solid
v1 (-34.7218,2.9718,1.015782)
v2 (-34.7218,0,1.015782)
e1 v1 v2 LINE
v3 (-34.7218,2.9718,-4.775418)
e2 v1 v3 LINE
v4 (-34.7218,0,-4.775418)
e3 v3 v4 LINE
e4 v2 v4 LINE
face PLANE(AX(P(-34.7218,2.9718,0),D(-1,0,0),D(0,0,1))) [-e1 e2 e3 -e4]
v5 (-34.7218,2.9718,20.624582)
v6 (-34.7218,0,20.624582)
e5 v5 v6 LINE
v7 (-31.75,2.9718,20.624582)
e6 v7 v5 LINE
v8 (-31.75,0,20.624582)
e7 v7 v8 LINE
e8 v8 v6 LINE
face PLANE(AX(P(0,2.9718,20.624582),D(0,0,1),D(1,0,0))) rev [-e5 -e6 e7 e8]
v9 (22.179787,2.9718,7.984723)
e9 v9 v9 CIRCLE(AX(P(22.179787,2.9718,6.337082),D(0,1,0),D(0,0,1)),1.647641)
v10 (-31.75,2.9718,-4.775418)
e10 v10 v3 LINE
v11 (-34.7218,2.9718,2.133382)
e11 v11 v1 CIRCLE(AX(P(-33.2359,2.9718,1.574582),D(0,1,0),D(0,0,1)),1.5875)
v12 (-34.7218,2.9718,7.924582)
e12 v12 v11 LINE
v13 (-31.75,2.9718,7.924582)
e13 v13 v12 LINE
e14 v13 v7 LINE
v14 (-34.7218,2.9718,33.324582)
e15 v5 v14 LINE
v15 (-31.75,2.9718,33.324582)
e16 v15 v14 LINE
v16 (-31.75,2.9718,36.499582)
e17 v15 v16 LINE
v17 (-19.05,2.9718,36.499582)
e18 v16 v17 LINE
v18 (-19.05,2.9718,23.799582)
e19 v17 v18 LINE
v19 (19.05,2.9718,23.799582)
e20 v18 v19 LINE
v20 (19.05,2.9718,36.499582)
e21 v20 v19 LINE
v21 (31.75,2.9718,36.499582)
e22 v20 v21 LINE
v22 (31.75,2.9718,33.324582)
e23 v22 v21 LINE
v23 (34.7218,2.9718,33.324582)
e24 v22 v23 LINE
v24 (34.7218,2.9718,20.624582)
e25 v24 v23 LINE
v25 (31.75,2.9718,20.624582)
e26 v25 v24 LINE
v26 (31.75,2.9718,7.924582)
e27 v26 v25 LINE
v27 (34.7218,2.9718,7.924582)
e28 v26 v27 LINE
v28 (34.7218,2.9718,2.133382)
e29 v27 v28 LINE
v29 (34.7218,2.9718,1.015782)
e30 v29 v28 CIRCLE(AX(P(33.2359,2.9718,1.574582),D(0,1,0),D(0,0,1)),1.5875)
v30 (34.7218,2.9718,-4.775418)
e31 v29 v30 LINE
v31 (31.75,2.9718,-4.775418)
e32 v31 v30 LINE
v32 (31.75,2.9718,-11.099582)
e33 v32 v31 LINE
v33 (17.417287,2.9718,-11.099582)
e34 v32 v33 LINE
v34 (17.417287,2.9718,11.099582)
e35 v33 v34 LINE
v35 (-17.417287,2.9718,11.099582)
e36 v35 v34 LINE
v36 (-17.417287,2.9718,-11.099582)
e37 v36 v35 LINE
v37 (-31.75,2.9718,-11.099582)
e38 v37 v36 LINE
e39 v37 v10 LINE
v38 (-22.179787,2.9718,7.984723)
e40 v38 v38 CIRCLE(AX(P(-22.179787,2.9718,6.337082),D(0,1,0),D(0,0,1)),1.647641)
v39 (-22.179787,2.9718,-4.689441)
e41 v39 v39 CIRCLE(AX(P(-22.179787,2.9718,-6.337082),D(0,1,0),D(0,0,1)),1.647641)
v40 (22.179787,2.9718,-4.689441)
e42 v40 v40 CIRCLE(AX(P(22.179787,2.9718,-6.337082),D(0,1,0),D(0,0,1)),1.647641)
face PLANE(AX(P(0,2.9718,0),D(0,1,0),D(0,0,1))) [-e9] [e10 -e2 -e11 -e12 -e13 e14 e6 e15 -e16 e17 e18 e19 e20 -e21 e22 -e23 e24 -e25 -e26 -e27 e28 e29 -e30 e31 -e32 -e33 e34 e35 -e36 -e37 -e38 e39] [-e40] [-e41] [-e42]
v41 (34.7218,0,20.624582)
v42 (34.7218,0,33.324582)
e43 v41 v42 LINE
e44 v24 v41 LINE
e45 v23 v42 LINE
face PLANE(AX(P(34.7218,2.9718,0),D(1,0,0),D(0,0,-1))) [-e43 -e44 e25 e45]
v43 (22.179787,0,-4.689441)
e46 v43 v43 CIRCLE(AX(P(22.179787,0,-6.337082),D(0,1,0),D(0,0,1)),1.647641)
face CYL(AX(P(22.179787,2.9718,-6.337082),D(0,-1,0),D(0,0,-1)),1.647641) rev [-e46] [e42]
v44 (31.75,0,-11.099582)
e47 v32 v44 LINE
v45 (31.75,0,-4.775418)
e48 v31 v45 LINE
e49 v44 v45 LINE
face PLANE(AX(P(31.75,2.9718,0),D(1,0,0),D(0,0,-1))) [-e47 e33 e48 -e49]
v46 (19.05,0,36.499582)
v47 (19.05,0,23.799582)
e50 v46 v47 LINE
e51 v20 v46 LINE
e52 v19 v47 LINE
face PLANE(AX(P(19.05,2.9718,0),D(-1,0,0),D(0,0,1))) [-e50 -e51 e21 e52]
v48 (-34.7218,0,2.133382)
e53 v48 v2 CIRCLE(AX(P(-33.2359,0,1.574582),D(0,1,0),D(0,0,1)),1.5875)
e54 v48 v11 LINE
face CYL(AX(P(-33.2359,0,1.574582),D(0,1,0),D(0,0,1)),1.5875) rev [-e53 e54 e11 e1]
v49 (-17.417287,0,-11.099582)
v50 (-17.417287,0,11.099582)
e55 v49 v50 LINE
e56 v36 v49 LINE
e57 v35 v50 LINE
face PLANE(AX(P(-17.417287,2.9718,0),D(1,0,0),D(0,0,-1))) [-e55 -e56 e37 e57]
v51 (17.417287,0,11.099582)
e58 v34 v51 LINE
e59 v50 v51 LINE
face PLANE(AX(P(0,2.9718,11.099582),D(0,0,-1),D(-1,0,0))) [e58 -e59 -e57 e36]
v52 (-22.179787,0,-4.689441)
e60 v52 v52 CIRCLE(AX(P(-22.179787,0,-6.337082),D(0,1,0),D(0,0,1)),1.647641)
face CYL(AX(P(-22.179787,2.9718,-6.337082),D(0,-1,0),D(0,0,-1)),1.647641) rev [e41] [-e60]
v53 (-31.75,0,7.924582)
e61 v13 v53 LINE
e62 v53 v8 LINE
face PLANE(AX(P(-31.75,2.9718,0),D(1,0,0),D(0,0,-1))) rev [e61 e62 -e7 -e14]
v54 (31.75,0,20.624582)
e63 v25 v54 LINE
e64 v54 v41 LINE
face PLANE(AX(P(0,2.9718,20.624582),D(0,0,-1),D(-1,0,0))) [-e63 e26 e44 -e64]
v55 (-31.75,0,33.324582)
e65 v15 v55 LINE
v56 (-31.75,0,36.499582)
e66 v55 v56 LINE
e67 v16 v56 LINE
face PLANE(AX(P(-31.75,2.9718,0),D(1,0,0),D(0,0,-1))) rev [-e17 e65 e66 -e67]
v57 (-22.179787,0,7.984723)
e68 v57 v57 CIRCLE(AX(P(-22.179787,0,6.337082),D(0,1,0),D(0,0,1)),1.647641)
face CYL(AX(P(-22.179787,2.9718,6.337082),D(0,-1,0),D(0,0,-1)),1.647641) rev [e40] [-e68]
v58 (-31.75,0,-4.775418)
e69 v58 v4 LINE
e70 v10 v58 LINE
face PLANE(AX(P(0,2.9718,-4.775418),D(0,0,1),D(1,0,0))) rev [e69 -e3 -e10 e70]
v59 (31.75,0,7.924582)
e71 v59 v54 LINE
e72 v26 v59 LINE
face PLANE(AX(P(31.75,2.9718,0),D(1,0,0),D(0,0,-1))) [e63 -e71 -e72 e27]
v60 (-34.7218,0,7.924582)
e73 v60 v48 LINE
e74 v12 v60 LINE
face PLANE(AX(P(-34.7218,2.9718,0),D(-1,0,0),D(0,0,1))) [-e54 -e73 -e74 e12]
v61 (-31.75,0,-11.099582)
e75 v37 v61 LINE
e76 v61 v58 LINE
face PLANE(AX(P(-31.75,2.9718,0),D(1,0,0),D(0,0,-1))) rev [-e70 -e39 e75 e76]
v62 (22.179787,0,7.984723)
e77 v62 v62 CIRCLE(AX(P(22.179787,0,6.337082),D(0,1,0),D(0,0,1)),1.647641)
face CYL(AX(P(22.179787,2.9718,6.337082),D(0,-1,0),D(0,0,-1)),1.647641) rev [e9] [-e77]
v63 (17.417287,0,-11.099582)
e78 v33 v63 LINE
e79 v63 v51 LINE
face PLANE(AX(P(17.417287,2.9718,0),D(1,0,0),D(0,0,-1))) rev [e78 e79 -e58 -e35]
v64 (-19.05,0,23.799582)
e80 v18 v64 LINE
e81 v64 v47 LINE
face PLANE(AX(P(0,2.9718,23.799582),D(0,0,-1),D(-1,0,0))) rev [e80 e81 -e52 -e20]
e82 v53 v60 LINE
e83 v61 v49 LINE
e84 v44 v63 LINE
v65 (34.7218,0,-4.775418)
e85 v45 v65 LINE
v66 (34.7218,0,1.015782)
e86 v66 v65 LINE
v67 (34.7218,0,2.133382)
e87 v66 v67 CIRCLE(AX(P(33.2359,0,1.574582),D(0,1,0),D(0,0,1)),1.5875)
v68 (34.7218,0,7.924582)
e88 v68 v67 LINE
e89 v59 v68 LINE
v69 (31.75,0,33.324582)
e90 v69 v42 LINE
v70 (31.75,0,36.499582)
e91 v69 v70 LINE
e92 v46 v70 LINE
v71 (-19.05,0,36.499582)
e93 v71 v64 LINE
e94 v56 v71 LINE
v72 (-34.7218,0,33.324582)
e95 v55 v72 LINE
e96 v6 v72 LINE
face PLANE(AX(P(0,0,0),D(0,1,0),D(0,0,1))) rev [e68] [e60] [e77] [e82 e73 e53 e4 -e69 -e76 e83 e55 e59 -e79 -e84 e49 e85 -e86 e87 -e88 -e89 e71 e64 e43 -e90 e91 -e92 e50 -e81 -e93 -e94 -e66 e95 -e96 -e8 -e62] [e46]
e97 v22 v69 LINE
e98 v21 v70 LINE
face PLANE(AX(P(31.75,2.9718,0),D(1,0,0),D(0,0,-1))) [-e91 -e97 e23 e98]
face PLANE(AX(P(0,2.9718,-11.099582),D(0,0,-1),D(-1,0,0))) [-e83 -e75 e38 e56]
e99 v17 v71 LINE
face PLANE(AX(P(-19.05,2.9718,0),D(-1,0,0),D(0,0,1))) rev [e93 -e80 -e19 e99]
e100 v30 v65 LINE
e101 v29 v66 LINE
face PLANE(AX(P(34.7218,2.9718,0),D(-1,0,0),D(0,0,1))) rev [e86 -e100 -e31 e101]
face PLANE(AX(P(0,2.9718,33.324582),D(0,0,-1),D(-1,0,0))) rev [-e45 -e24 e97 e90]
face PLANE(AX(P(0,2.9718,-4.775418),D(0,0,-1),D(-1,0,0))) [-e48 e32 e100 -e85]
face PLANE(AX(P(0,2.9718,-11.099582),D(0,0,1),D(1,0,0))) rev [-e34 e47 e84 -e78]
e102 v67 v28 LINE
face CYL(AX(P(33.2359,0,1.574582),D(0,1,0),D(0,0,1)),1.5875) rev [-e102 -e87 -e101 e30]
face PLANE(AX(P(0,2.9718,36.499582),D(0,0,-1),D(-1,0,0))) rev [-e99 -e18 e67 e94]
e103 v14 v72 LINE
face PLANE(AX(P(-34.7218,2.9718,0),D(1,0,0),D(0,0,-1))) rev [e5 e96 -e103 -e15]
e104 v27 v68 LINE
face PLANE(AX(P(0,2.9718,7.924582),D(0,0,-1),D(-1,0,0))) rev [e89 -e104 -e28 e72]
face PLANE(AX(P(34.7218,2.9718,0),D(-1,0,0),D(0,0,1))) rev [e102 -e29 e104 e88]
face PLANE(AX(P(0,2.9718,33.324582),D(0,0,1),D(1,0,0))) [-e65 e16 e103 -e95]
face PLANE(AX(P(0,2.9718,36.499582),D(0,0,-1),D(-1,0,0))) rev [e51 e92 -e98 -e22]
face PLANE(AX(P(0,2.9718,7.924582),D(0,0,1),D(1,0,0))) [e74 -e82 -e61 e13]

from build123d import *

# Parameters (mm, degrees)
SKETCH1_R           = 1.647641354
BOSS_EXTRUDE1_DEPTH = 2.9718
SKETCH2_R           = 1.5875
CUT_EXTRUDE1_DEPTH  = 3.9718


with BuildPart() as part:
    # Sketch1 → Boss-Extrude1 (new body)
    with BuildSketch(Plane(origin=(0, 0, 0), x_dir=(1, 0, 0), z_dir=(0, 1, 0))):
        Polygon((-17.417287452, 11.099582129), (-31.75, 11.099582129), (-31.75, 4.775417871), (-34.7218, 4.775417871), (-34.7218, -7.924582129), (-31.75, -7.924582129), (-31.75, -20.624582129), (-34.7218, -20.624582129), (-34.7218, -33.324582129), (-31.75, -33.324582129), (-31.75, -36.499582129), (-19.05, -36.499582129), (-19.05, -23.799582129), (19.05, -23.799582129), (19.05, -36.499582129), (31.75, -36.499582129), (31.75, -33.324582129), (34.7218, -33.324582129), (34.7218, -20.624582129), (31.75, -20.624582129), (31.75, -7.924582129), (34.7218, -7.924582129), (34.7218, 4.775417871), (31.75, 4.775417871), (31.75, 11.099582129), (17.417287452, 11.099582129), (17.417287452, -11.099582129), (-17.417287452, -11.099582129), align=None)
        with Locations((-22.179787452, -6.337082129)):
            Circle(SKETCH1_R, mode=Mode.SUBTRACT)
        with Locations((-22.179787452, 6.337082129)):
            Circle(SKETCH1_R, mode=Mode.SUBTRACT)
        with Locations((22.179787452, 6.337082129)):
            Circle(SKETCH1_R, mode=Mode.SUBTRACT)
        with Locations((22.179787452, -6.337082129)):
            Circle(SKETCH1_R, mode=Mode.SUBTRACT)
    extrude(amount=BOSS_EXTRUDE1_DEPTH)

    # Sketch2 → Cut-Extrude1 (cut, through all)
    with BuildSketch(Plane(origin=(0, 2.9718, 0), x_dir=(1, 0, 0), z_dir=(0, 1, 0))):
        with Locations((-33.2359, -1.574582129)):
            Circle(SKETCH2_R)
        with Locations((33.2359, -1.574582129)):
            Circle(SKETCH2_R)
    extrude(amount=-CUT_EXTRUDE1_DEPTH, mode=Mode.SUBTRACT)


solid = part.part
